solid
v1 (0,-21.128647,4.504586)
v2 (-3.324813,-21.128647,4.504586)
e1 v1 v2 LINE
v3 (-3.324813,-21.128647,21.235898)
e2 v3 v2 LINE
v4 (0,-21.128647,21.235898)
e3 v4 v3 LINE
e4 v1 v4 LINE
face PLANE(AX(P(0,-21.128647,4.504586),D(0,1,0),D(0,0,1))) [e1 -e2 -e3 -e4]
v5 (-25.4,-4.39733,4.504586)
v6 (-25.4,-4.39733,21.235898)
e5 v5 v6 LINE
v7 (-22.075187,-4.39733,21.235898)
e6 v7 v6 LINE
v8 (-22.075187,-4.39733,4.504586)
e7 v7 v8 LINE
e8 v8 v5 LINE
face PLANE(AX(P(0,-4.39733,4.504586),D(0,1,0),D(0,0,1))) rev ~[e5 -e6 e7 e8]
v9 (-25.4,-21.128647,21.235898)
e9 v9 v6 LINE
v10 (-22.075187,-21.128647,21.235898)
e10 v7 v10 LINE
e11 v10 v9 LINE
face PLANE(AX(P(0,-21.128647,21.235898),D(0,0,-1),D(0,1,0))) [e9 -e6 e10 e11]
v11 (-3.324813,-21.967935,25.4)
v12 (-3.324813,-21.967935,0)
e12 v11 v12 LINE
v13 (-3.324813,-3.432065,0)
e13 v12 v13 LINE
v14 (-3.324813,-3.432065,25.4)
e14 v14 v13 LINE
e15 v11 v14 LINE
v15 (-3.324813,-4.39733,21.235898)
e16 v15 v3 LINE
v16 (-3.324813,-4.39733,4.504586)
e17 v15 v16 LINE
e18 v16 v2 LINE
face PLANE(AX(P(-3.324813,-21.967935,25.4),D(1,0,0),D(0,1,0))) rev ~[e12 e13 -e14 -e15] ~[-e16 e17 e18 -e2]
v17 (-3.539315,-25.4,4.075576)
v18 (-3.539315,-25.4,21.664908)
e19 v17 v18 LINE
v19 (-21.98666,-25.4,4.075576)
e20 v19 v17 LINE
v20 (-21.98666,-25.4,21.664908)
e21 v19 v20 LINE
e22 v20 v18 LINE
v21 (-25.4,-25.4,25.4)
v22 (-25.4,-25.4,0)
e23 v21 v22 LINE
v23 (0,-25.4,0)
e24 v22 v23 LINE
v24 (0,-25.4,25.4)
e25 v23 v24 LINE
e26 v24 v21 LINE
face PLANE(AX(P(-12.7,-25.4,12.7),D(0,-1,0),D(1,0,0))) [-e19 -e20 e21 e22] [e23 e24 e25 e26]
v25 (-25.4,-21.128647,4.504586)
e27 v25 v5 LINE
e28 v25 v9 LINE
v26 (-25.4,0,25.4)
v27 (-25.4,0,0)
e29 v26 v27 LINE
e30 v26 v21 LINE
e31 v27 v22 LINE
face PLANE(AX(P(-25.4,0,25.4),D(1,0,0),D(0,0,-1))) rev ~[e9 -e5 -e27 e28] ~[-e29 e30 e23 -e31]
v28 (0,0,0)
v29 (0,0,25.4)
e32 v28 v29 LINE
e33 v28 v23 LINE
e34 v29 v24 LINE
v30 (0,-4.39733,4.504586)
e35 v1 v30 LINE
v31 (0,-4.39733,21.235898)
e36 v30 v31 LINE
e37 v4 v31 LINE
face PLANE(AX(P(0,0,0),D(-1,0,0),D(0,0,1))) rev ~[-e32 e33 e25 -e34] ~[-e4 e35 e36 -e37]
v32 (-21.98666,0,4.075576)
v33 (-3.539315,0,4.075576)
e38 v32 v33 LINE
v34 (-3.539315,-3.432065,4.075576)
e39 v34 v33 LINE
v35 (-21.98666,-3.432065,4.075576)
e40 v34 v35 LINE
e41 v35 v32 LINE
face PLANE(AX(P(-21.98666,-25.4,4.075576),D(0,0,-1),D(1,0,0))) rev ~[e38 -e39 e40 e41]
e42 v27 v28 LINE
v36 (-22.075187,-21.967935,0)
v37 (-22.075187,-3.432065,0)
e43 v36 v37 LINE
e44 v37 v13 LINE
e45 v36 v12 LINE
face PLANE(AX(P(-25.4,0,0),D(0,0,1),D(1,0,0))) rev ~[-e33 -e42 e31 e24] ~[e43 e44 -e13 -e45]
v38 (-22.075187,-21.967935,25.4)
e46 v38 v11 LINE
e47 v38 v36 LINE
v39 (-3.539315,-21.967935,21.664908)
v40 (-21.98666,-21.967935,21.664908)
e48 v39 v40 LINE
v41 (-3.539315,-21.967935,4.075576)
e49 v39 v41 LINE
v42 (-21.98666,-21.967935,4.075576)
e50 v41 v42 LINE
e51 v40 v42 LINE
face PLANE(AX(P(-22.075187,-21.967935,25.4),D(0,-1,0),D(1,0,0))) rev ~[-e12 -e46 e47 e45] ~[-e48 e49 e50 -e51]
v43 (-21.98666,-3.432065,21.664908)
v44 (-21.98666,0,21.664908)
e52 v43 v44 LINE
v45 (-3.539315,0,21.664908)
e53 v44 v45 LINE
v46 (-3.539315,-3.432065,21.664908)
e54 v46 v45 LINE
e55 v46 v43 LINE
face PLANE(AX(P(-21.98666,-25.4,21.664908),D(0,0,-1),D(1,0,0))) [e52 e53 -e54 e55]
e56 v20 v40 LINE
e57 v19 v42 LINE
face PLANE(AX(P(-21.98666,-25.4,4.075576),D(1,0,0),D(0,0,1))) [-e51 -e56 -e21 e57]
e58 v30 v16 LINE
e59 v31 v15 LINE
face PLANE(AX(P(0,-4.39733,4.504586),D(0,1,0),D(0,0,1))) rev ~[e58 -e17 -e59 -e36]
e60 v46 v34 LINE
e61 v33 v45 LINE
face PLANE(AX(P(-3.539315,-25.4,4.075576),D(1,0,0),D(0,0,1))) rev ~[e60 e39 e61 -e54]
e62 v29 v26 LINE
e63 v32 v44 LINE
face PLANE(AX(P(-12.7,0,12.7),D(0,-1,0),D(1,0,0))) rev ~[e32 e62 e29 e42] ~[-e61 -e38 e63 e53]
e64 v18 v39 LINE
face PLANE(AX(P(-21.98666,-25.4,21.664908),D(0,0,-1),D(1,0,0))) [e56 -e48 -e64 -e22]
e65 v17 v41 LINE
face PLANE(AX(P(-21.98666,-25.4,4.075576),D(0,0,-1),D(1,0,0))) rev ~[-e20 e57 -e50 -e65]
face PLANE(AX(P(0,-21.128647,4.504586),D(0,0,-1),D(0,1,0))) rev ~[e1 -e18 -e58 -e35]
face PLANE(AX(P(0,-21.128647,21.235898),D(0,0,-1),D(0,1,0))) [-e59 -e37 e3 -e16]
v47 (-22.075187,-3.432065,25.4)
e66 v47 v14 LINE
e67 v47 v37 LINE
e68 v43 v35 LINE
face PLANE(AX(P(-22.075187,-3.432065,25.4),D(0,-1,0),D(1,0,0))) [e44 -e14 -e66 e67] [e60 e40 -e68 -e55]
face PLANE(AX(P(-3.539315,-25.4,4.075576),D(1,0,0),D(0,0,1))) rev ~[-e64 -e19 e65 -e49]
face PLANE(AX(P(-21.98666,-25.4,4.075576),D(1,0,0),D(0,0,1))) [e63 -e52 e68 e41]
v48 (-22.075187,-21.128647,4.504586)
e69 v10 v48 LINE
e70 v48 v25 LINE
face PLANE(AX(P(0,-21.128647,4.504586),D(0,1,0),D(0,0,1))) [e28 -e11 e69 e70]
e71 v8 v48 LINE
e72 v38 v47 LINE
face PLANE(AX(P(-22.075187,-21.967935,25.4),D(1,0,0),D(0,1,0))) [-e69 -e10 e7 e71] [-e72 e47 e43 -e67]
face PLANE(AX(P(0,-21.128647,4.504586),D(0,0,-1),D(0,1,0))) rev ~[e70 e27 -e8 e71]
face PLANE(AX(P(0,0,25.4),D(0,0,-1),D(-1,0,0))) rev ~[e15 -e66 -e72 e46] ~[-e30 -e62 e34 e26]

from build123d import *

# Parameters (mm, degrees)
F1_DEPTH = 25.4
F2_W     = 18.447345
F2_H     = 17.589332
F3_DEPTH = 25.4
F4_W     = 16.731317
F4_H     = 16.731312
F5_DEPTH = 25.4
F6_W     = 18.750374
F6_H     = 18.53587
F7_DEPTH = 25.4


with BuildPart() as f1:
    # F0 (on Front) → F1 (new body)
    with BuildSketch(Plane.XZ):
        Polygon((-25.4, 0), (0, 0), (0, 25.4), (-1.806476, 25.4), (-25.4, 25.4), align=None)
    extrude(amount=F1_DEPTH)

    # F2 (on face) → F3 (cut)
    with BuildSketch(Plane.XZ.offset(25.4)):
        with Locations((-12.762988, 12.870242)):
            Rectangle(F2_W, F2_H)
    extrude(amount=-F3_DEPTH, mode=Mode.SUBTRACT)

    # F4 (on face) → F5 (cut)
    with BuildSketch(Plane.YZ):
        with Locations((-12.762989, 12.870242)):
            Rectangle(F4_W, F4_H)
    extrude(amount=-F5_DEPTH, mode=Mode.SUBTRACT)

    # F6 (on face) → F7 (cut)
    with BuildSketch(Plane.XY.offset(25.4)):
        with Locations((-12.7, -12.7)):
            Rectangle(F6_W, F6_H)
    extrude(amount=-F7_DEPTH, mode=Mode.SUBTRACT)


solid = f1.part
